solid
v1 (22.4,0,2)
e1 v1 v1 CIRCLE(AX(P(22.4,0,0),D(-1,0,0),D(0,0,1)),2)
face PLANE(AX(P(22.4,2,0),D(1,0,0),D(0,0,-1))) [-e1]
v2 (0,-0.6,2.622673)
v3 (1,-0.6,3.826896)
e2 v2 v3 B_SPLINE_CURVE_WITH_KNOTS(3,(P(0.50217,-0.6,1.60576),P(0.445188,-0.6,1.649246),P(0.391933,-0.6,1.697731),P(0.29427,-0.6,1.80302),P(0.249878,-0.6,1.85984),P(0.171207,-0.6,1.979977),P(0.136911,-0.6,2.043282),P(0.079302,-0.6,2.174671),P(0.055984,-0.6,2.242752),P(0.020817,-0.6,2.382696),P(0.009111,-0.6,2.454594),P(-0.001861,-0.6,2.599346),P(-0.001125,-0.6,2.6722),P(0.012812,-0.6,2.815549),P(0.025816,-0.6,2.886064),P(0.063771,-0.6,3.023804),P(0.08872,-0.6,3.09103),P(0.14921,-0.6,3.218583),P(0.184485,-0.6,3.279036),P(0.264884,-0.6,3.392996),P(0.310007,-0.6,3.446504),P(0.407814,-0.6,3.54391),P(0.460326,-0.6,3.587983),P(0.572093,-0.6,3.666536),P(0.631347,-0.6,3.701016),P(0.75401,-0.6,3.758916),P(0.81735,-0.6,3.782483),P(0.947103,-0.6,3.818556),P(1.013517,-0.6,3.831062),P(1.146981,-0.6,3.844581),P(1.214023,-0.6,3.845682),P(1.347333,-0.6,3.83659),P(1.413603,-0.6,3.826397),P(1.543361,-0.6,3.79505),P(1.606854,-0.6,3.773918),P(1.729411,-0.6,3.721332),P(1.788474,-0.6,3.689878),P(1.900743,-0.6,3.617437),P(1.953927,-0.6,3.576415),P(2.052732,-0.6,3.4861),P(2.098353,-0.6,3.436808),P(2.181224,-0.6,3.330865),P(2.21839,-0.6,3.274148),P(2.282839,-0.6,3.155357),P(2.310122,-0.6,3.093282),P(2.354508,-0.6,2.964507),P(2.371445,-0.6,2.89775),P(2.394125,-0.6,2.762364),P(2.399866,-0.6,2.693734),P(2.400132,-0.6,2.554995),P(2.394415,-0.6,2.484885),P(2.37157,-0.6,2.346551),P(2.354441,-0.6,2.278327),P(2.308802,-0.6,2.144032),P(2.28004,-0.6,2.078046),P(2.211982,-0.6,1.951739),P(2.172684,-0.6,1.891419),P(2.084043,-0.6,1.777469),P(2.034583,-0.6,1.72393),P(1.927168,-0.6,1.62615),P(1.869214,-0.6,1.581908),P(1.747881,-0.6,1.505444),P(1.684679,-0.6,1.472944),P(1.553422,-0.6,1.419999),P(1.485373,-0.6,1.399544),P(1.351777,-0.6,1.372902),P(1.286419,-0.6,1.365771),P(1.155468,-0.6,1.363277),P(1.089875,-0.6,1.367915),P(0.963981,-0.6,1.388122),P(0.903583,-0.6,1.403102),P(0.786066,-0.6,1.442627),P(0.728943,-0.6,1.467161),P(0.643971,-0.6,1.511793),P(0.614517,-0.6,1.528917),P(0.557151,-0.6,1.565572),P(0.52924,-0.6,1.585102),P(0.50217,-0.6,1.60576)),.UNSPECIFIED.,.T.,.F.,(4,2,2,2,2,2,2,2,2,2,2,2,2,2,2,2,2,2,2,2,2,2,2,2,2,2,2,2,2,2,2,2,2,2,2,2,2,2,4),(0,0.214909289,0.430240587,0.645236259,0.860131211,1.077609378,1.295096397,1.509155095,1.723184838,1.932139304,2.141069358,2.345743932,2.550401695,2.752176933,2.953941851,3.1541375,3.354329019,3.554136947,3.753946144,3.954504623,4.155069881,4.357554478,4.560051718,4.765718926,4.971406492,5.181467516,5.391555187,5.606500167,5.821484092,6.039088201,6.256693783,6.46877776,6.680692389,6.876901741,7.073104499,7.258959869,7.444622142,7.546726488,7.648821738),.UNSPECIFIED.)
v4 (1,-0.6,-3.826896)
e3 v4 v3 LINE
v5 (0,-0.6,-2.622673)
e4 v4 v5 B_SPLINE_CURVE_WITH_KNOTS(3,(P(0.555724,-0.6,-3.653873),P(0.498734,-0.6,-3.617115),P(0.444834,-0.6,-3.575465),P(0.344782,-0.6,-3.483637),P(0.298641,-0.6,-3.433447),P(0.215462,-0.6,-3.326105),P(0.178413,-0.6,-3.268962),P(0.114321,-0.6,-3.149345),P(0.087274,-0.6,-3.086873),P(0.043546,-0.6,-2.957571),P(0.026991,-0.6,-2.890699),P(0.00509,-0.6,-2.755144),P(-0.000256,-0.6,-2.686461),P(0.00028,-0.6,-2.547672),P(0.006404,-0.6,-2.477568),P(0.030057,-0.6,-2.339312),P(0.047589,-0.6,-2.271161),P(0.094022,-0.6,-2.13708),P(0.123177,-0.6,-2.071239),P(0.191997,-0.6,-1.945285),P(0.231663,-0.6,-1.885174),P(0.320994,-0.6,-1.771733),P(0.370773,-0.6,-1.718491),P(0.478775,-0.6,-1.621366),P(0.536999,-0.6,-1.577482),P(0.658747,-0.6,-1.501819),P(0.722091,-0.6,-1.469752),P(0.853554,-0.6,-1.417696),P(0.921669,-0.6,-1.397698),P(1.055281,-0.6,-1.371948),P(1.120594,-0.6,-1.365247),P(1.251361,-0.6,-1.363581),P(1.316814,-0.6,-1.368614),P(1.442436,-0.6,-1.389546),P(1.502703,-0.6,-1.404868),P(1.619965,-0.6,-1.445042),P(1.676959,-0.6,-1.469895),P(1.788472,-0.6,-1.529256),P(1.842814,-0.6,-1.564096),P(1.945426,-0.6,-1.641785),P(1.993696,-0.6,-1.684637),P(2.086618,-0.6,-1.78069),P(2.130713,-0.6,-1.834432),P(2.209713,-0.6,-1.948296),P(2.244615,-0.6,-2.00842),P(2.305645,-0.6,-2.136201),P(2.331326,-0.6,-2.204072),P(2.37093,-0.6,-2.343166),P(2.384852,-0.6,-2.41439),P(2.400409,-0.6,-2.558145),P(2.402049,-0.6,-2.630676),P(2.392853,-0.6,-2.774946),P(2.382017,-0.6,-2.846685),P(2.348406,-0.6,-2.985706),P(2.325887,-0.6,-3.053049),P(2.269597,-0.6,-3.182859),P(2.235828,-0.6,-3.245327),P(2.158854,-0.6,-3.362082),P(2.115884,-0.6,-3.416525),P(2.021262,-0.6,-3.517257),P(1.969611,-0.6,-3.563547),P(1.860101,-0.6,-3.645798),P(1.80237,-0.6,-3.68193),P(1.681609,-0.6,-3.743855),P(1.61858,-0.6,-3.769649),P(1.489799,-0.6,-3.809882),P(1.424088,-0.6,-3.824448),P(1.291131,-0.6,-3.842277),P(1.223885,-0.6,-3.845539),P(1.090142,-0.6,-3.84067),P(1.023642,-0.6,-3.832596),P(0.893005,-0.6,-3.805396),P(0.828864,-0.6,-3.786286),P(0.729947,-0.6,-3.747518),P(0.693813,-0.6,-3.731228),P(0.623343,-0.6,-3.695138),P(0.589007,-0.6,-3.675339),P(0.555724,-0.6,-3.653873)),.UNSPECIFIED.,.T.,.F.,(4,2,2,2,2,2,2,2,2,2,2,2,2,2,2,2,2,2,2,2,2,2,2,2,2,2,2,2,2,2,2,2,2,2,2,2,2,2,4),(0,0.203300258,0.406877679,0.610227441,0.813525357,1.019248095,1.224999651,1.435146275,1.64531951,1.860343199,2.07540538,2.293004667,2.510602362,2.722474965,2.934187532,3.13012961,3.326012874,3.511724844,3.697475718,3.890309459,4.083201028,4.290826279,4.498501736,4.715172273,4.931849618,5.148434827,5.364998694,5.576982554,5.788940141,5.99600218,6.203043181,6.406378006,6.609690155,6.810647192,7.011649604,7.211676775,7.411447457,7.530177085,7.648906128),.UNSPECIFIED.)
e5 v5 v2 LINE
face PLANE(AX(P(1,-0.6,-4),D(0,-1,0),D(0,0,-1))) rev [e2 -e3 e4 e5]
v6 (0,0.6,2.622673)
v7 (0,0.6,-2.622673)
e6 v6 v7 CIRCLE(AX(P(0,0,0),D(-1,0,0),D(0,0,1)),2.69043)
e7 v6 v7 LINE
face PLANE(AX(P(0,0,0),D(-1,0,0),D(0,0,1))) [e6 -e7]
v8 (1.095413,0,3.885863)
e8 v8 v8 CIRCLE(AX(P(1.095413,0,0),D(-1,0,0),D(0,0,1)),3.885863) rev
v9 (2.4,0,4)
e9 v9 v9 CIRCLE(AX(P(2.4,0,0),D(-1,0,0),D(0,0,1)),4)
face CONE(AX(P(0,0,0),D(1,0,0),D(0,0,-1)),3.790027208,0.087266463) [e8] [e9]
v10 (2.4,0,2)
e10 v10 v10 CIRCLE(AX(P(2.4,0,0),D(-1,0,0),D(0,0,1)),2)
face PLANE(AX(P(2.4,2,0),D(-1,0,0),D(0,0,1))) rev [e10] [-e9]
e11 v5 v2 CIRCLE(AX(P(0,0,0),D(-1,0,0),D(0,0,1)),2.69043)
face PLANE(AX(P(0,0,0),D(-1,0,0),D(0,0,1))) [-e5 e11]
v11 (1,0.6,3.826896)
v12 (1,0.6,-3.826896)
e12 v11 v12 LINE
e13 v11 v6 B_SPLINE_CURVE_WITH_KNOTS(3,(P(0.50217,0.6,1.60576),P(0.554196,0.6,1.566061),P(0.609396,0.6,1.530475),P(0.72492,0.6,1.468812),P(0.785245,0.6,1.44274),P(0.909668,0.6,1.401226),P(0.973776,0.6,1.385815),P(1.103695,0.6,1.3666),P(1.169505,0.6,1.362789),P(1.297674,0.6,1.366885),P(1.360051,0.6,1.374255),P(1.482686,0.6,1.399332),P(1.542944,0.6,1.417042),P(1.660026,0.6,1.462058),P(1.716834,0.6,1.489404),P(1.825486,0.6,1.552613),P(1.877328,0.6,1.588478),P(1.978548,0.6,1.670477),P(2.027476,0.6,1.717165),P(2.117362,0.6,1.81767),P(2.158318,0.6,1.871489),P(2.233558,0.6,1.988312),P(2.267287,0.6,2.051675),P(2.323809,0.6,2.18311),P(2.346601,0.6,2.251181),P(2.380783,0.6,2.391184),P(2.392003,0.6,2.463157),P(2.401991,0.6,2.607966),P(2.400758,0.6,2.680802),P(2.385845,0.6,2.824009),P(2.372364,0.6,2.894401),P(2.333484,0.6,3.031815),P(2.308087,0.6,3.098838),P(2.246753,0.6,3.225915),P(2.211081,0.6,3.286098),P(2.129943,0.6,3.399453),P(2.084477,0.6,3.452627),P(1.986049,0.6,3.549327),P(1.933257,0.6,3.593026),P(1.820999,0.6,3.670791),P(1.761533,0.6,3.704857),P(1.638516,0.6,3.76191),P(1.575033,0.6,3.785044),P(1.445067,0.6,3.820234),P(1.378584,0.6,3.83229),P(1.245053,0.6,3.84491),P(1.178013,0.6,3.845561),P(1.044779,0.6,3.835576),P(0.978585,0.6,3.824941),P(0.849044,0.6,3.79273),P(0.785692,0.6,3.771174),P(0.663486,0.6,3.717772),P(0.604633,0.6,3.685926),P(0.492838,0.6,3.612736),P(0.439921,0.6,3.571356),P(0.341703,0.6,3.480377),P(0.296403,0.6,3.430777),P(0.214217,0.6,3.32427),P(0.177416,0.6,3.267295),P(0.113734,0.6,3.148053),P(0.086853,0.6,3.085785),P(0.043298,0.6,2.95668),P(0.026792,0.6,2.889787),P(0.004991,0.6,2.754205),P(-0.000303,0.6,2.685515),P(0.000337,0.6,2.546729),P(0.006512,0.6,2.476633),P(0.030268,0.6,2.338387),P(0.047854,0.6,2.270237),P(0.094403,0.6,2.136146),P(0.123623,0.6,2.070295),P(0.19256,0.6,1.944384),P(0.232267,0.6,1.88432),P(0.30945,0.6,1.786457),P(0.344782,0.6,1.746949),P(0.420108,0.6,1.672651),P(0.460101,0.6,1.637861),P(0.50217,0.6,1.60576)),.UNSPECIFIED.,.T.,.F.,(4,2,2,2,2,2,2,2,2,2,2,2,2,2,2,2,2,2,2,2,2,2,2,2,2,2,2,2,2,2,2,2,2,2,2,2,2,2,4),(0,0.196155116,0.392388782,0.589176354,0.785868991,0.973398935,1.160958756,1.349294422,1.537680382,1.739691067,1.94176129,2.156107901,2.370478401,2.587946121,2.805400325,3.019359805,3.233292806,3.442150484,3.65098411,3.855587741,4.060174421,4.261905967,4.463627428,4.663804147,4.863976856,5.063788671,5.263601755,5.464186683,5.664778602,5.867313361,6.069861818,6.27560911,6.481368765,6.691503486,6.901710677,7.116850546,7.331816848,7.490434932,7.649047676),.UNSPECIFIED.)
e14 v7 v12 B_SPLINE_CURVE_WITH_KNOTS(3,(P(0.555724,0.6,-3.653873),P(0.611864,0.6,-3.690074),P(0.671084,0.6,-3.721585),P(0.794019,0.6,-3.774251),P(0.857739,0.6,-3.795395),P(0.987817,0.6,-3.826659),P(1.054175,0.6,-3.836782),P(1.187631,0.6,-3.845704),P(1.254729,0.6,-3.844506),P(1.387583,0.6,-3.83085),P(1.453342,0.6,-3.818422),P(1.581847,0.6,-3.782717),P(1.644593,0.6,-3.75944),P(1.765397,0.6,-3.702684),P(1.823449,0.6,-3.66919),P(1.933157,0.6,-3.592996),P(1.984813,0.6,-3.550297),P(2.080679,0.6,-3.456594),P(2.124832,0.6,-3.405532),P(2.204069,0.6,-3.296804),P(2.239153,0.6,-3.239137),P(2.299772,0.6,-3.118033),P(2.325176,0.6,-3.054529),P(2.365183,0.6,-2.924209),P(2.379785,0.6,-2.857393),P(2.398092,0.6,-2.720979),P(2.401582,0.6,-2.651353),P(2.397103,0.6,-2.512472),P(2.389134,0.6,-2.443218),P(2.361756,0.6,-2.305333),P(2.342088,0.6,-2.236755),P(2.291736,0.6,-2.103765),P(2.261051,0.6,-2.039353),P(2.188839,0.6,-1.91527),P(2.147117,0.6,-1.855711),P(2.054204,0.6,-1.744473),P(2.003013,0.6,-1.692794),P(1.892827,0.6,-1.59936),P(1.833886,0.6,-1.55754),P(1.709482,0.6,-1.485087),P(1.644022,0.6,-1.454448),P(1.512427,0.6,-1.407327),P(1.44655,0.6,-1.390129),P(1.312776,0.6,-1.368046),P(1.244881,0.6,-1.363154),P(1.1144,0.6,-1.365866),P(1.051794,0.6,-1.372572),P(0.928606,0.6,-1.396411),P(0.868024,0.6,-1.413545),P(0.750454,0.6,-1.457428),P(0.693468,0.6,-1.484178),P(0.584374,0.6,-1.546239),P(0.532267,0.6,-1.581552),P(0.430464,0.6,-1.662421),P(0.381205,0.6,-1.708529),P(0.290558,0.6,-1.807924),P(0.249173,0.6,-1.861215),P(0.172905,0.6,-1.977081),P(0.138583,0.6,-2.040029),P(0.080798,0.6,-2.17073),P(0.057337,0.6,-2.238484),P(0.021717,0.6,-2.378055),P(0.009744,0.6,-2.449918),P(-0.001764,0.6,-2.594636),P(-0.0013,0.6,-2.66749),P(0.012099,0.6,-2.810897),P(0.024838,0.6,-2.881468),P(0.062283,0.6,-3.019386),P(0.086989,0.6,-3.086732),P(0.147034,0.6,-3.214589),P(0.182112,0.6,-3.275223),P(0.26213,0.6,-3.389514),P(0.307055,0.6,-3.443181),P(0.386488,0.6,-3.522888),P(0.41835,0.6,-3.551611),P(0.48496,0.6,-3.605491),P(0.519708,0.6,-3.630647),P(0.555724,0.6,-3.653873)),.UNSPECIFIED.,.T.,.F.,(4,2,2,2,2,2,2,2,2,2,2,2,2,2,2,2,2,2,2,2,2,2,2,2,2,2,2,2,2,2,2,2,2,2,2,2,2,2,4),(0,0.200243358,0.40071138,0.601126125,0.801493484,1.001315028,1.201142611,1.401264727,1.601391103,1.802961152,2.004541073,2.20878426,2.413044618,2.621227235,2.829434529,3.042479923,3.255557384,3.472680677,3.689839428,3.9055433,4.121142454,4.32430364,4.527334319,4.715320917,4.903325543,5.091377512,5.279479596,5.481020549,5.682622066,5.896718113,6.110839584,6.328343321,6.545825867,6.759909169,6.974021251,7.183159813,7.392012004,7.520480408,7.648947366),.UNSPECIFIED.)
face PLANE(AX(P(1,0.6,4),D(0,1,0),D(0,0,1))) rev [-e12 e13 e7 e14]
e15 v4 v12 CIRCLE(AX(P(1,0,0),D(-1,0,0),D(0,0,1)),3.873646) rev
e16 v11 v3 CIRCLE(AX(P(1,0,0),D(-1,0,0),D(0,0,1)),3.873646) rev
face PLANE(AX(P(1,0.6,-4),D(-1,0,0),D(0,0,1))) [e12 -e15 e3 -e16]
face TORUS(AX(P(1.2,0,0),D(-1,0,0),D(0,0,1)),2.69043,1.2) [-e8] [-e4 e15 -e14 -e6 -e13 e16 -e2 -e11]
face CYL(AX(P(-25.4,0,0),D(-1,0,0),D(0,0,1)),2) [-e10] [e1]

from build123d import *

# Parameters (mm, degrees)
FILLET2_R  = 1.2
SKETCH2_W  = 8
SKETCH2_H  = 1.2
SLOT_DEPTH = 1


with BuildPart() as part:
    # BodySke → Base-Revolve (revolve)
    with BuildSketch(Plane.XY):
        Polygon((2.4, 2), (2.4, 4), (0, 3.790027208), (0, 0), (22.4, 0), (22.4, 2), align=None)
    revolve(axis=Axis((-25.4, 0, 0), (1, 0, 0)))

    # Fillet2
    fillet2_edges = [part.edges().sort_by_distance(p)[0] for p in [
        (0, -3.790027208, 0),
    ]]
    fillet(fillet2_edges, radius=FILLET2_R)

    # Sketch2 → Slot (cut)
    with BuildSketch(Plane(origin=(0, 0, 0), x_dir=(0, 0, -1), z_dir=(1, 0, 0))):
        Rectangle(SKETCH2_W, SKETCH2_H)
    extrude(amount=SLOT_DEPTH, mode=Mode.SUBTRACT)


solid = part.part
